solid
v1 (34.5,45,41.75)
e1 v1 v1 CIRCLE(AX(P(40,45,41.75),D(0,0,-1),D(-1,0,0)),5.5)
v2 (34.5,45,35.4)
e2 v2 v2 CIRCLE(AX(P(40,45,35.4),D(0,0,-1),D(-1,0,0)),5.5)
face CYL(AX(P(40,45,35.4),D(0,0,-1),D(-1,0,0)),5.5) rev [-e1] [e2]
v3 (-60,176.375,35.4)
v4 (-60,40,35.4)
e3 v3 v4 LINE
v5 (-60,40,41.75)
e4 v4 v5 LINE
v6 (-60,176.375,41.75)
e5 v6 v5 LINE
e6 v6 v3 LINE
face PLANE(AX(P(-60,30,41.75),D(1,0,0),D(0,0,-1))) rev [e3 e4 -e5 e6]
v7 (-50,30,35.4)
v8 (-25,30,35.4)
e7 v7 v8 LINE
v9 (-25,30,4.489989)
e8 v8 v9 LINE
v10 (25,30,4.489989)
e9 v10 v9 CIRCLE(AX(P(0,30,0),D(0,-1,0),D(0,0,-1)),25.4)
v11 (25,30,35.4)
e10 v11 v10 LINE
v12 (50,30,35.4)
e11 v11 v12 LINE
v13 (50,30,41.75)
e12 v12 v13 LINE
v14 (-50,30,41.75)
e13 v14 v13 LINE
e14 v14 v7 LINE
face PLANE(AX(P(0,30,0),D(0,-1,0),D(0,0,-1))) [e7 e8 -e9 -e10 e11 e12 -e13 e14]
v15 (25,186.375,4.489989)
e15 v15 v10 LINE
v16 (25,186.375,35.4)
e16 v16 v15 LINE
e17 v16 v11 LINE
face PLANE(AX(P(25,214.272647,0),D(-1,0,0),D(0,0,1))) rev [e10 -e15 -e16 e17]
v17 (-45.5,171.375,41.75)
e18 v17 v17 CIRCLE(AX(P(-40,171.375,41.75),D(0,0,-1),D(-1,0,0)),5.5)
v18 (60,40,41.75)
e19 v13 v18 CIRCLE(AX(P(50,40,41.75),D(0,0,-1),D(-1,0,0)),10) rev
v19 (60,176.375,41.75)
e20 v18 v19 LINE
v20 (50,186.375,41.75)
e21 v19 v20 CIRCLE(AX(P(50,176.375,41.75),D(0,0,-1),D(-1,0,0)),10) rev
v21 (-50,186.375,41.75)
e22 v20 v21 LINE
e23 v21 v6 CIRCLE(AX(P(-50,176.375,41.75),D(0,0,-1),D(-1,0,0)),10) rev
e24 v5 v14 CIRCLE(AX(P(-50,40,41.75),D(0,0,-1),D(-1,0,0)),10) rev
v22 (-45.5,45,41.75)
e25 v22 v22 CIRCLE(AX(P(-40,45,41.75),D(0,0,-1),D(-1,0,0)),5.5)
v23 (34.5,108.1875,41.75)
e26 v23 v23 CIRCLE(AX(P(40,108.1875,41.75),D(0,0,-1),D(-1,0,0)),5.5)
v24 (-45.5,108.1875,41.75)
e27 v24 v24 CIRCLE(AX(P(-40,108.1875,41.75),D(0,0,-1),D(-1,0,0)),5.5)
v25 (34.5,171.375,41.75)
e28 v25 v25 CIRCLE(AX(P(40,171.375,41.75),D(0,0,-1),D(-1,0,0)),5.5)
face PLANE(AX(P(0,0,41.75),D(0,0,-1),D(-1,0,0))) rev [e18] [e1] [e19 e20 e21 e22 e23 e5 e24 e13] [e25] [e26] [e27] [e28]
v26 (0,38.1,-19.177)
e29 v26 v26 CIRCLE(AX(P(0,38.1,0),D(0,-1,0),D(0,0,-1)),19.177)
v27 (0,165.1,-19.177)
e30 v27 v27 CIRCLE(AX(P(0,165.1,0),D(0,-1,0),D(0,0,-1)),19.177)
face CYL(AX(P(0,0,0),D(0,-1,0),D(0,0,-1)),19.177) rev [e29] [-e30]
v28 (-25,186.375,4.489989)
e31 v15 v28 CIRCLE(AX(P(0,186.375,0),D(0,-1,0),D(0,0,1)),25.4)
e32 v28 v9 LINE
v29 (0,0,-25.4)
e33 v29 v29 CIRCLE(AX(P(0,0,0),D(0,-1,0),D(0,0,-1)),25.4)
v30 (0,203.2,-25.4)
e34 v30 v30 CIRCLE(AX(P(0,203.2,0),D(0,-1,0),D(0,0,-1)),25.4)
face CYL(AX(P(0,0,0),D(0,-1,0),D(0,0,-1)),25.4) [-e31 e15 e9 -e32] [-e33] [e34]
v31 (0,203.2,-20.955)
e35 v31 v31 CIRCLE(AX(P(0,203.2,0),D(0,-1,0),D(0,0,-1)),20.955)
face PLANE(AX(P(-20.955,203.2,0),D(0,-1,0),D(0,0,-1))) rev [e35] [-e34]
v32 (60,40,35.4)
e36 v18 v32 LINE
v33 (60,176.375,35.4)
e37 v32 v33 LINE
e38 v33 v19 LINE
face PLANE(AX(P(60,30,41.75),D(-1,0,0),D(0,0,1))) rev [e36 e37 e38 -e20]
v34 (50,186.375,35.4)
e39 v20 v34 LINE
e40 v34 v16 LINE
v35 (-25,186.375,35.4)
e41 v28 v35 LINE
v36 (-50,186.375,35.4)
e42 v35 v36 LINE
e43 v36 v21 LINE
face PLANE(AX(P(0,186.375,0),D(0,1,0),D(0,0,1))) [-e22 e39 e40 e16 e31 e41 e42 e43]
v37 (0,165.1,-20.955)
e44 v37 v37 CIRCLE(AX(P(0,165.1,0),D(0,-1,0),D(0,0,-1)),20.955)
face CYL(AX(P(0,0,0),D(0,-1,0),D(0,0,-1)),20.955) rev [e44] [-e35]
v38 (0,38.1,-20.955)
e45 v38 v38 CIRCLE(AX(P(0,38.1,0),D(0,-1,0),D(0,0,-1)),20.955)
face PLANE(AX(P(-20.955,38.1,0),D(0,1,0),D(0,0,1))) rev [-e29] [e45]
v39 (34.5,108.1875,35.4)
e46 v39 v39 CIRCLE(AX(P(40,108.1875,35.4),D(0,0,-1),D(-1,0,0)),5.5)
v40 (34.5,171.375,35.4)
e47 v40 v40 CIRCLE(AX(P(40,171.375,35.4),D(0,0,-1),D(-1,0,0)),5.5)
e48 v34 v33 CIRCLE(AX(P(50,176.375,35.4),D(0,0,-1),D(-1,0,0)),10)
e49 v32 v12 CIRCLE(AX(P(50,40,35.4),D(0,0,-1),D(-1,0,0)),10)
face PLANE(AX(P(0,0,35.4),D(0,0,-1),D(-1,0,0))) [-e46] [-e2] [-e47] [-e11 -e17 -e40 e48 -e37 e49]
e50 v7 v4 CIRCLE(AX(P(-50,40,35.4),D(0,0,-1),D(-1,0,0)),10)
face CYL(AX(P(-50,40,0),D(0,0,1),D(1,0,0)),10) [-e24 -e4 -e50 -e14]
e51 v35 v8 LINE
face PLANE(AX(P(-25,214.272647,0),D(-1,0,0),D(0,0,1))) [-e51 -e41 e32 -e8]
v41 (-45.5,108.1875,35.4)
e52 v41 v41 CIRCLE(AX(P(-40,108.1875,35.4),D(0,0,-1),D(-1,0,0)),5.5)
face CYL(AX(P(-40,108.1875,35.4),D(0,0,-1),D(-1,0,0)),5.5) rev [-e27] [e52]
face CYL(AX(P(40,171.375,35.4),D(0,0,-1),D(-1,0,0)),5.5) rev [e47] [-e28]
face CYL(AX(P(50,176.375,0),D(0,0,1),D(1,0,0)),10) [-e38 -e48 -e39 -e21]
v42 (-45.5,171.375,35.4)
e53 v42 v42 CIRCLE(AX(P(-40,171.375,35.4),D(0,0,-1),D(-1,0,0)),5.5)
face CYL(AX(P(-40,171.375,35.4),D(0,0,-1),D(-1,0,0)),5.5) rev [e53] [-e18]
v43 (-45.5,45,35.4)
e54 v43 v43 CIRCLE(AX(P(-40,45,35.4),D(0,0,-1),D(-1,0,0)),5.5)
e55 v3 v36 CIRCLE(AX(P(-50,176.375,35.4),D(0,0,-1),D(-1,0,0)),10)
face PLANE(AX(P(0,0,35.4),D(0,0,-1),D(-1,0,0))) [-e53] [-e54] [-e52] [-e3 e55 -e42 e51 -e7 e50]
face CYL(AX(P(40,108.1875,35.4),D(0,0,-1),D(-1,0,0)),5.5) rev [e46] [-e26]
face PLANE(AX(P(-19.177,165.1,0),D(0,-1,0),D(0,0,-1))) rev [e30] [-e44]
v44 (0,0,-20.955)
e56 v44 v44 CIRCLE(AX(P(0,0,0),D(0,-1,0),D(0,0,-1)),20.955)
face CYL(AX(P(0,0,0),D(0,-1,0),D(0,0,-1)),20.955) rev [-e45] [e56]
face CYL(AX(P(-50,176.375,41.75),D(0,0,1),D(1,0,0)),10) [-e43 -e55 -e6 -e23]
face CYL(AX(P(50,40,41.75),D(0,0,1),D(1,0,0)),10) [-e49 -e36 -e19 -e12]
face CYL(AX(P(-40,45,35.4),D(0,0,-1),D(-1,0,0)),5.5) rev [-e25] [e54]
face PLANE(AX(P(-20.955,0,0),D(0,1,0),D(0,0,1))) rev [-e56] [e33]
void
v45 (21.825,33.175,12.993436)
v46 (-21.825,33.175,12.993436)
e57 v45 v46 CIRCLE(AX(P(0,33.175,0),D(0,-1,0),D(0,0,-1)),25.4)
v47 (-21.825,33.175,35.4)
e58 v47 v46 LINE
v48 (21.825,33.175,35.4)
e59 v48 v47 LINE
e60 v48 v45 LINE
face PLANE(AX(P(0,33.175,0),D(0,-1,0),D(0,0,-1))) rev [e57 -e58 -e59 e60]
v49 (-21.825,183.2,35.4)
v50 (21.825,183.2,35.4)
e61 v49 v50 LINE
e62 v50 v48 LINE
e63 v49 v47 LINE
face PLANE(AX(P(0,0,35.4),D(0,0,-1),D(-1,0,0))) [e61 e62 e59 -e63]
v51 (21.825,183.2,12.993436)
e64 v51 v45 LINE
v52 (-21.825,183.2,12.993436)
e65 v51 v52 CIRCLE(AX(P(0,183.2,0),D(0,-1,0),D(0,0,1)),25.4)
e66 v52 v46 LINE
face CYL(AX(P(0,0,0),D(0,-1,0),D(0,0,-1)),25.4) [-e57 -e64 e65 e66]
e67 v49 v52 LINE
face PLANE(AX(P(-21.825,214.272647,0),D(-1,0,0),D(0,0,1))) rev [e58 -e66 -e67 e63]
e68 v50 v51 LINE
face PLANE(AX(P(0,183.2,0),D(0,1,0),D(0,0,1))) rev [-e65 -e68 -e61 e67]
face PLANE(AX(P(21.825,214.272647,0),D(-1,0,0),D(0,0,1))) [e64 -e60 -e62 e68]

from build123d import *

# Parameters (mm, degrees)
BOSS_EXTRUDE1_START   = -3.175
BOSS_EXTRUDE1_DEPTH   = 3.175
BOSS_EXTRUDE9_START   = -153.2
BOSS_EXTRUDE9_DEPTH   = 153.2
BOSS_EXTRUDE5_START   = 3.175
BOSS_EXTRUDE5_DEPTH   = 3.175
SKETCH18_W            = 120
SKETCH18_H            = 156.375
BOSS_EXTRUDE10_DEPTH  = 6.35
FILLET1_R             = 10
M10_CLEARANCE_HOLE2_D = 11


with BuildPart() as part:
    # Sketch12 → Revolve1 (revolve)
    with BuildSketch(Plane.XY, mode=Mode.PRIVATE) as revolve1_sk:
        Polygon((-25.399999994, 0), (-25.399999994, 203.2), (-20.955, 203.2), (-20.955, 165.1), (-19.177, 165.1), (-19.177, 38.1), (-20.955, 38.1), (-20.955, 0), align=None)
    revolve(revolve1_sk.sketch.rotate(Axis((0, 0, 0), (0, 1, 0)), 270), axis=Axis((0, 0, 0), (0, 1, 0)))

    # Sketch14 → Boss-Extrude1 (add)
    with BuildSketch(Plane(origin=(0, 30, 0), x_dir=(-1, 0, 0), z_dir=(0, -1, 0)).offset(BOSS_EXTRUDE1_START)):
        with BuildLine():
            Line((-21.825, -12.993435831), (-21.825, -35.399999994))
            Line((-21.825, -35.399999994), (21.825, -35.399999994))
            Line((21.825, -35.399999994), (21.825, -12.993435831))
            ThreePointArc((21.825, -12.993435831), (0, -25.399999994), (-21.825, -12.993435831))
        make_face()
    extrude(amount=BOSS_EXTRUDE1_DEPTH)

    # Sketch14<4> → Boss-Extrude9 (add)
    with BuildSketch(Plane(origin=(0, 30, 0), x_dir=(-1, 0, 0), z_dir=(0, -1, 0)).offset(BOSS_EXTRUDE9_START)):
        with BuildLine():
            Line((-25, -4.489988829), (-25, -35.399999994))
            Line((-25, -35.399999994), (-21.825, -35.399999994))
            Line((-21.825, -35.399999994), (-21.825, -12.993435831))
            ThreePointArc((-21.825, -12.993435831), (-23.79542622, -8.884688554), (-25, -4.489988829))
        make_face()
        with BuildLine():
            Line((21.825, -12.993435831), (21.825, -35.399999994))
            Line((21.825, -35.399999994), (25, -35.399999994))
            Line((25, -35.399999994), (25, -4.489988829))
            ThreePointArc((25, -4.489988829), (23.79542622, -8.884688554), (21.825, -12.993435831))
        make_face()
    extrude(amount=BOSS_EXTRUDE9_DEPTH)

    # Sketch17 → Boss-Extrude5 (add)
    with BuildSketch(Plane(origin=(0, 183.2, 0), x_dir=(1, 0, 0), z_dir=(0, 1, 0)).offset(BOSS_EXTRUDE5_START)):
        with BuildLine():
            Line((25, -35.399999994), (25, -4.489988829))
            ThreePointArc((25, -4.489988829), (0, -25.399999994), (-25, -4.489988829))
            Line((-25, -4.489988829), (-25, -35.399999994))
            Line((-25, -35.399999994), (25, -35.399999994))
        make_face()
    extrude(amount=-BOSS_EXTRUDE5_DEPTH)

    # Sketch18 → Boss-Extrude10 (add)
    with BuildSketch(Plane.XY.offset(35.399999994)):
        with Locations((0, 108.1875)):
            Rectangle(SKETCH18_W, SKETCH18_H)
    extrude(amount=BOSS_EXTRUDE10_DEPTH)

    # Fillet1
    fillet1_edges = [part.edges().sort_by_distance(p)[0] for p in [
        (-60, 186.375, 38.574999994),
        (-60, 30, 38.574999994),
        (60, 30, 38.574999994),
        (60, 186.375, 38.574999994),
    ]]
    fillet(fillet1_edges, radius=FILLET1_R)

    # M10 Clearance Hole2 (through all)
    with Locations(Plane(origin=(-40, 45, 35.399999994), x_dir=(-1, 0, 0), z_dir=(0, 0, -1))):
        with Locations((0, 0), (0, 63.1875), (0, 126.375), (-80, 126.375), (-80, 63.1875), (-80, 0)):
            Hole(M10_CLEARANCE_HOLE2_D / 2)


solid = part.part
